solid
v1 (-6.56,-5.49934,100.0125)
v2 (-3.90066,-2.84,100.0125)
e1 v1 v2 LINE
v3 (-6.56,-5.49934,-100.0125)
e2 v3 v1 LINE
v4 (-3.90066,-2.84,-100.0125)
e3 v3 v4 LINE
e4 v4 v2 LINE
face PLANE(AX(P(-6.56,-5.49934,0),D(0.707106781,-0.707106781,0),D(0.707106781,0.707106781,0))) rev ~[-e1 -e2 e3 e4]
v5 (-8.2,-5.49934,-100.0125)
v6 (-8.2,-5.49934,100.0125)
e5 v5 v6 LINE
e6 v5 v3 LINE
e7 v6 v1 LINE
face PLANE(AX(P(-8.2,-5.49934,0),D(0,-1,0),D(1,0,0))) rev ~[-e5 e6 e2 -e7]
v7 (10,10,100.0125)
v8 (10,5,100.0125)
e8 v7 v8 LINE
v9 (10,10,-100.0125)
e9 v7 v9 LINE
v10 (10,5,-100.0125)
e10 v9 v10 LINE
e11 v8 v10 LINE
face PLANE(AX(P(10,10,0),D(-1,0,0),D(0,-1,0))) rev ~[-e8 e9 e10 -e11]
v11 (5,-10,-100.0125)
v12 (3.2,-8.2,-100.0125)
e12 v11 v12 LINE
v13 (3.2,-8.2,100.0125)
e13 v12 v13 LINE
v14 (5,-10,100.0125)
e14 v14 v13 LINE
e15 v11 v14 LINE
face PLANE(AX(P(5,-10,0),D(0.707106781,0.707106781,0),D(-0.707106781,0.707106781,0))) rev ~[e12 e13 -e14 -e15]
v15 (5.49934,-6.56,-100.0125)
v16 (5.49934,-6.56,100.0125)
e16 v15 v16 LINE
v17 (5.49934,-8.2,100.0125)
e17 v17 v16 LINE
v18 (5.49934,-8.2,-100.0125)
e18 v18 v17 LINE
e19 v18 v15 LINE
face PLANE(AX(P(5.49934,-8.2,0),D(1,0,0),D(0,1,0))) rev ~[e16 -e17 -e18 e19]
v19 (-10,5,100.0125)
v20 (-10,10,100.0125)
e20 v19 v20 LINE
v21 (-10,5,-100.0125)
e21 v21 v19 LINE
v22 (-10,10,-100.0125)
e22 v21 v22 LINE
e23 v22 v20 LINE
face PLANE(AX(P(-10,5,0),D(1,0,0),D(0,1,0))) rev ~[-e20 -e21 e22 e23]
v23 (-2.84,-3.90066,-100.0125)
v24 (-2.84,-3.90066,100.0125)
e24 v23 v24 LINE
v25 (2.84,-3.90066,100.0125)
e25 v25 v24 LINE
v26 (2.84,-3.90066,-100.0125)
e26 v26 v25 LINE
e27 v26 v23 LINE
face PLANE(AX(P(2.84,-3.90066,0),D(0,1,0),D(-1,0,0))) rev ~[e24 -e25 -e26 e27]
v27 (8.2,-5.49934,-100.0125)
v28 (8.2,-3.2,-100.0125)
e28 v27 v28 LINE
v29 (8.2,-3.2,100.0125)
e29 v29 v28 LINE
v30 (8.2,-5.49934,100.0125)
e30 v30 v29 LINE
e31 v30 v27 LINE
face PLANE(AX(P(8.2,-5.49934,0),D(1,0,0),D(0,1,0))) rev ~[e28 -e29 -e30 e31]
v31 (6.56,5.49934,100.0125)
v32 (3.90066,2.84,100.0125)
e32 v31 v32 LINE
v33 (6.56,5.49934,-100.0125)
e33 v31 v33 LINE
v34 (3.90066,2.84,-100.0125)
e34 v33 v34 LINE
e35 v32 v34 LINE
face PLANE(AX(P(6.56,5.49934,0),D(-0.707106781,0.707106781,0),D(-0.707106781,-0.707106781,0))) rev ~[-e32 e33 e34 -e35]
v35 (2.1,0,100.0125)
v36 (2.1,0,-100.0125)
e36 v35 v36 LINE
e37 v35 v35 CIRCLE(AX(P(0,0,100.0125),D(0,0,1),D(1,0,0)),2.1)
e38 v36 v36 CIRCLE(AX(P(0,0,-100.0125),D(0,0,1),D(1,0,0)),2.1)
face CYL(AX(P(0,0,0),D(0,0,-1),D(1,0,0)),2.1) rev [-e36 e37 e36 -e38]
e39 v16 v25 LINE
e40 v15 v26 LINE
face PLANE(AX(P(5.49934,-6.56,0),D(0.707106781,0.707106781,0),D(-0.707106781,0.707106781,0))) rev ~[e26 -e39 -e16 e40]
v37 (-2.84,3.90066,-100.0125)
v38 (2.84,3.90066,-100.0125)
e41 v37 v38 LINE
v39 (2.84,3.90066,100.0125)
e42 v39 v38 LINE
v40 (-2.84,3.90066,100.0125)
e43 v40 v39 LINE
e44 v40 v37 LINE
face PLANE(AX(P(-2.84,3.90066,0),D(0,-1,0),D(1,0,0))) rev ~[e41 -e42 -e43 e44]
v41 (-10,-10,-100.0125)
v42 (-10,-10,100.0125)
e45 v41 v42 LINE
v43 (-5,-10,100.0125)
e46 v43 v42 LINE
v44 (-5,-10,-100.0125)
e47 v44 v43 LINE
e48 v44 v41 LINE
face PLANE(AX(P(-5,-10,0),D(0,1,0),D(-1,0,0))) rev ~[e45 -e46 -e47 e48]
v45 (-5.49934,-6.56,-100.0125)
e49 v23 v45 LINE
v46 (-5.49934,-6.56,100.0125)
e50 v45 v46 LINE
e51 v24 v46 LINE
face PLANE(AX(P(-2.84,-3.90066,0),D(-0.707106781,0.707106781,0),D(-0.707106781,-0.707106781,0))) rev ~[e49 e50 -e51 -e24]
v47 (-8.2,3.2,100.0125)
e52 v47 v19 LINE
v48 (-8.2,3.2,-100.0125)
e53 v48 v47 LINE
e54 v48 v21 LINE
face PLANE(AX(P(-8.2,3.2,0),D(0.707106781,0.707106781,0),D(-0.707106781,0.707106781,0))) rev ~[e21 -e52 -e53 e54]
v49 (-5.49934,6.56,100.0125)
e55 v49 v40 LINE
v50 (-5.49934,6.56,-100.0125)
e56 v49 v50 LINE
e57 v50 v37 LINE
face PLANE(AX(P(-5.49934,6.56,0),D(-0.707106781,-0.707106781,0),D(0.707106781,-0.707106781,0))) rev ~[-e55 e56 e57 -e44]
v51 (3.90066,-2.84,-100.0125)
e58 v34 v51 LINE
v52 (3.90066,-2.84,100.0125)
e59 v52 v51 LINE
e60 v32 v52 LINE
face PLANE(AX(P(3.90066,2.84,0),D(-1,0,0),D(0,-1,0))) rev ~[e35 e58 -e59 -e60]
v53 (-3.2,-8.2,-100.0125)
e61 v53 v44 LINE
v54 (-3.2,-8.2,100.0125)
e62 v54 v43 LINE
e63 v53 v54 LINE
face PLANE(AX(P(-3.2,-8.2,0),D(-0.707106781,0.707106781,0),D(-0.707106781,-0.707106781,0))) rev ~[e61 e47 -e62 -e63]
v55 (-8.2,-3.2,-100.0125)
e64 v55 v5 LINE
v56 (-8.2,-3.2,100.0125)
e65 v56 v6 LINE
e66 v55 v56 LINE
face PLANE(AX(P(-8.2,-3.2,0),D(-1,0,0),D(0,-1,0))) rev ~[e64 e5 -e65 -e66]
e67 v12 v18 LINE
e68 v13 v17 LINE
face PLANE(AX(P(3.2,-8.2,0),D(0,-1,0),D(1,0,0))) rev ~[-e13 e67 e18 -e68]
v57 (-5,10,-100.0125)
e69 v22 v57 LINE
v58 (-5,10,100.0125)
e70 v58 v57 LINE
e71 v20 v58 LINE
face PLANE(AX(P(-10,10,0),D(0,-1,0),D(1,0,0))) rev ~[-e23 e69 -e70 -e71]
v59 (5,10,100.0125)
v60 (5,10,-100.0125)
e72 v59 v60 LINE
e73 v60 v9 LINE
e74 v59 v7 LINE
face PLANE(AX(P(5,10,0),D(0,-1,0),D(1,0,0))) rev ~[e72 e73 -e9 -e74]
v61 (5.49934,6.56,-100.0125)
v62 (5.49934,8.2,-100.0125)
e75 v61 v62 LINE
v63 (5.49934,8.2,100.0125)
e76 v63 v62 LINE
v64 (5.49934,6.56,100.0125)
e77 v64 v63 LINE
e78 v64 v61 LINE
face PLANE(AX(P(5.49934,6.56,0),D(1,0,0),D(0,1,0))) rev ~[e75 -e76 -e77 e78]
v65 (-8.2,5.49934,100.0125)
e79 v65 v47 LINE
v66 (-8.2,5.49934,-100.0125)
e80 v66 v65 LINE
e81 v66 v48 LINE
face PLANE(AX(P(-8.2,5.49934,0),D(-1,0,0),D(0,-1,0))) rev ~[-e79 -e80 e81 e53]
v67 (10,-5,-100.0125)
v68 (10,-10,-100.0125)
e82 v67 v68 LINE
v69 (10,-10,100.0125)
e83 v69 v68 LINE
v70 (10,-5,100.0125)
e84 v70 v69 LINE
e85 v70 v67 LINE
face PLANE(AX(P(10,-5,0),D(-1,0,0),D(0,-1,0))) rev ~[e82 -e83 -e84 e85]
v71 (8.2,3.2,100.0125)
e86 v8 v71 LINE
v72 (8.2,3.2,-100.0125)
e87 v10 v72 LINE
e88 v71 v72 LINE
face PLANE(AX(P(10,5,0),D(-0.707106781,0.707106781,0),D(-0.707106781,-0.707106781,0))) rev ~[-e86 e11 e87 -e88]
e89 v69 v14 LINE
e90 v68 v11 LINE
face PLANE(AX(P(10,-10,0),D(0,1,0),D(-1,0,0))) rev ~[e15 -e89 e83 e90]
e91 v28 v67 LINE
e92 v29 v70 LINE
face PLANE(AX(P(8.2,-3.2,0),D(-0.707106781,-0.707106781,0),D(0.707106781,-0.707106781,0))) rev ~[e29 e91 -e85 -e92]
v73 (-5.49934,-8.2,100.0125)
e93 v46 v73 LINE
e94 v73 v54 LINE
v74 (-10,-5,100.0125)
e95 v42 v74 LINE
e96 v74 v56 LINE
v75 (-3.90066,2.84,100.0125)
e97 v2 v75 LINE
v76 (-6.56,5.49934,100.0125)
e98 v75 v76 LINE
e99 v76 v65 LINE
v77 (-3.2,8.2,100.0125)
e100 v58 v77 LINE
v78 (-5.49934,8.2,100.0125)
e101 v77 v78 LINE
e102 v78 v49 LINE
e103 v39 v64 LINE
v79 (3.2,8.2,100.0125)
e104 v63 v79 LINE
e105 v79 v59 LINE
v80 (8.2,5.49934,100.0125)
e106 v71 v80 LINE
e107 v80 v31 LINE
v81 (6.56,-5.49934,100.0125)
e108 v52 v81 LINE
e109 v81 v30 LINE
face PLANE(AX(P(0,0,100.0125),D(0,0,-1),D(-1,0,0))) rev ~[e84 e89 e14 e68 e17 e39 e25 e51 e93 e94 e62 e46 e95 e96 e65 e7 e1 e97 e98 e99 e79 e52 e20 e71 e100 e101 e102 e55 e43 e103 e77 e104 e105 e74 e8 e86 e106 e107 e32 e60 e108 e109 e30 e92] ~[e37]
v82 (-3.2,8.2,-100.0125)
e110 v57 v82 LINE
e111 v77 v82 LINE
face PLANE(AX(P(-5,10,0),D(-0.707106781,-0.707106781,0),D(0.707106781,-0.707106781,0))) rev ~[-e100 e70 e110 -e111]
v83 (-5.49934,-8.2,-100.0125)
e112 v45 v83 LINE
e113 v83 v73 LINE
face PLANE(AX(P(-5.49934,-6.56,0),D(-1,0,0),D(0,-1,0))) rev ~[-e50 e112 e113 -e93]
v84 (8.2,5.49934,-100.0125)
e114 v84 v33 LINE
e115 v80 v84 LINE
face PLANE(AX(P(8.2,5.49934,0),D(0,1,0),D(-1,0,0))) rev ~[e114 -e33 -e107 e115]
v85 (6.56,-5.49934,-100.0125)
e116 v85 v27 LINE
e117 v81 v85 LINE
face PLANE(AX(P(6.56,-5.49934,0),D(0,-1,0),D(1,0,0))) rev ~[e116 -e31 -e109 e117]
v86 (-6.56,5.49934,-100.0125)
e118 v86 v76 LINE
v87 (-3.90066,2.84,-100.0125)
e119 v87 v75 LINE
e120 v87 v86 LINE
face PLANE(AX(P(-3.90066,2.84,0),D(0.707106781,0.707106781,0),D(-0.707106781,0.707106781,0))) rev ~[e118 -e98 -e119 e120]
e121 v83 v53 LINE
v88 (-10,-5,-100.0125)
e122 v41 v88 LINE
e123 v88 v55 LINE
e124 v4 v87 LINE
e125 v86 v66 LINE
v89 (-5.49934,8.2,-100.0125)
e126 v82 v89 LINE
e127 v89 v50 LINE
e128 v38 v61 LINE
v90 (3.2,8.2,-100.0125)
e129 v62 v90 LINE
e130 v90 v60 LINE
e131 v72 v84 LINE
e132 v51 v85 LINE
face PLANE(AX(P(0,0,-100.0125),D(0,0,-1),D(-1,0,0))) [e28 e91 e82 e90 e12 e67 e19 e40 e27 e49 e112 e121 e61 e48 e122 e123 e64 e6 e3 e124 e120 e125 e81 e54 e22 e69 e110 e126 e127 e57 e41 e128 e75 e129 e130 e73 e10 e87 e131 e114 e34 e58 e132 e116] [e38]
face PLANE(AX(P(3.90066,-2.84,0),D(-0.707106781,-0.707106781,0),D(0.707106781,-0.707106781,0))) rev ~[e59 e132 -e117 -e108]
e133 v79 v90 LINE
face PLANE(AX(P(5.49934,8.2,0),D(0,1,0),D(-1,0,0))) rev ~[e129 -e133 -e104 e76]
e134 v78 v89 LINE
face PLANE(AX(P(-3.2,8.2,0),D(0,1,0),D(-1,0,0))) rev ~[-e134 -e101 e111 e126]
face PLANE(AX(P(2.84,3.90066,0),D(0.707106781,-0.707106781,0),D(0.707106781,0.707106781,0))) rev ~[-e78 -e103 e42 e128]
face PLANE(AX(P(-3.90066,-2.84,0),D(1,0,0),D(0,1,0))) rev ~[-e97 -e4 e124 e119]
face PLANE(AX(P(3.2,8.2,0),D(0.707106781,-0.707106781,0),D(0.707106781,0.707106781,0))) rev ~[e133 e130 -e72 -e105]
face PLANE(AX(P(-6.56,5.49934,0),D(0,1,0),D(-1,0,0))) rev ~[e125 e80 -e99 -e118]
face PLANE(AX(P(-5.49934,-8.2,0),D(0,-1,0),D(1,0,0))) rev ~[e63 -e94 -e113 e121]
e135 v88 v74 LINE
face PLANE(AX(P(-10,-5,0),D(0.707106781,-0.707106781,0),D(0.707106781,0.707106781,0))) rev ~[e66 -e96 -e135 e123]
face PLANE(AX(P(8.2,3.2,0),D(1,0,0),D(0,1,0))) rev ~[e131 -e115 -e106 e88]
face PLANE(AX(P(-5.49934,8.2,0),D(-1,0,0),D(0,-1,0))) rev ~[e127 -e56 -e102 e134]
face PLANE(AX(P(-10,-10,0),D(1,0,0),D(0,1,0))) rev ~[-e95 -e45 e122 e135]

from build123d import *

# Parameters (mm, degrees)
SKETCH1_R           = 2.1
BOSS_EXTRUDE1_DEPTH = 100.0125


with BuildPart() as part:
    # Sketch1 → Boss-Extrude1 (new body, symmetric)
    with BuildSketch(Plane.XY):
        Polygon((-10, 10), (-5, 10), (-3.2, 8.2), (-5.499339828, 8.2), (-5.499339828, 6.56), (-2.84, 3.900660172), (2.84, 3.900660172), (5.499339828, 6.56), (5.499339828, 8.2), (3.2, 8.2), (5, 10), (10, 10), (10, 5), (8.2, 3.2), (8.2, 5.499339828), (6.56, 5.499339828), (3.900660172, 2.84), (3.900660172, -2.84), (6.56, -5.499339828), (8.2, -5.499339828), (8.2, -3.2), (10, -5), (10, -10), (5, -10), (3.2, -8.2), (5.499339828, -8.2), (5.499339828, -6.56), (2.84, -3.900660172), (-2.84, -3.900660172), (-5.499339828, -6.56), (-5.499339828, -8.2), (-3.2, -8.2), (-5, -10), (-10, -10), (-10, -5), (-8.2, -3.2), (-8.2, -5.499339828), (-6.56, -5.499339828), (-3.900660172, -2.84), (-3.900660172, 2.84), (-6.56, 5.499339828), (-8.2, 5.499339828), (-8.2, 3.2), (-10, 5), align=None)
        Circle(SKETCH1_R, mode=Mode.SUBTRACT)
    extrude(amount=BOSS_EXTRUDE1_DEPTH, both=True)


solid = part.part
